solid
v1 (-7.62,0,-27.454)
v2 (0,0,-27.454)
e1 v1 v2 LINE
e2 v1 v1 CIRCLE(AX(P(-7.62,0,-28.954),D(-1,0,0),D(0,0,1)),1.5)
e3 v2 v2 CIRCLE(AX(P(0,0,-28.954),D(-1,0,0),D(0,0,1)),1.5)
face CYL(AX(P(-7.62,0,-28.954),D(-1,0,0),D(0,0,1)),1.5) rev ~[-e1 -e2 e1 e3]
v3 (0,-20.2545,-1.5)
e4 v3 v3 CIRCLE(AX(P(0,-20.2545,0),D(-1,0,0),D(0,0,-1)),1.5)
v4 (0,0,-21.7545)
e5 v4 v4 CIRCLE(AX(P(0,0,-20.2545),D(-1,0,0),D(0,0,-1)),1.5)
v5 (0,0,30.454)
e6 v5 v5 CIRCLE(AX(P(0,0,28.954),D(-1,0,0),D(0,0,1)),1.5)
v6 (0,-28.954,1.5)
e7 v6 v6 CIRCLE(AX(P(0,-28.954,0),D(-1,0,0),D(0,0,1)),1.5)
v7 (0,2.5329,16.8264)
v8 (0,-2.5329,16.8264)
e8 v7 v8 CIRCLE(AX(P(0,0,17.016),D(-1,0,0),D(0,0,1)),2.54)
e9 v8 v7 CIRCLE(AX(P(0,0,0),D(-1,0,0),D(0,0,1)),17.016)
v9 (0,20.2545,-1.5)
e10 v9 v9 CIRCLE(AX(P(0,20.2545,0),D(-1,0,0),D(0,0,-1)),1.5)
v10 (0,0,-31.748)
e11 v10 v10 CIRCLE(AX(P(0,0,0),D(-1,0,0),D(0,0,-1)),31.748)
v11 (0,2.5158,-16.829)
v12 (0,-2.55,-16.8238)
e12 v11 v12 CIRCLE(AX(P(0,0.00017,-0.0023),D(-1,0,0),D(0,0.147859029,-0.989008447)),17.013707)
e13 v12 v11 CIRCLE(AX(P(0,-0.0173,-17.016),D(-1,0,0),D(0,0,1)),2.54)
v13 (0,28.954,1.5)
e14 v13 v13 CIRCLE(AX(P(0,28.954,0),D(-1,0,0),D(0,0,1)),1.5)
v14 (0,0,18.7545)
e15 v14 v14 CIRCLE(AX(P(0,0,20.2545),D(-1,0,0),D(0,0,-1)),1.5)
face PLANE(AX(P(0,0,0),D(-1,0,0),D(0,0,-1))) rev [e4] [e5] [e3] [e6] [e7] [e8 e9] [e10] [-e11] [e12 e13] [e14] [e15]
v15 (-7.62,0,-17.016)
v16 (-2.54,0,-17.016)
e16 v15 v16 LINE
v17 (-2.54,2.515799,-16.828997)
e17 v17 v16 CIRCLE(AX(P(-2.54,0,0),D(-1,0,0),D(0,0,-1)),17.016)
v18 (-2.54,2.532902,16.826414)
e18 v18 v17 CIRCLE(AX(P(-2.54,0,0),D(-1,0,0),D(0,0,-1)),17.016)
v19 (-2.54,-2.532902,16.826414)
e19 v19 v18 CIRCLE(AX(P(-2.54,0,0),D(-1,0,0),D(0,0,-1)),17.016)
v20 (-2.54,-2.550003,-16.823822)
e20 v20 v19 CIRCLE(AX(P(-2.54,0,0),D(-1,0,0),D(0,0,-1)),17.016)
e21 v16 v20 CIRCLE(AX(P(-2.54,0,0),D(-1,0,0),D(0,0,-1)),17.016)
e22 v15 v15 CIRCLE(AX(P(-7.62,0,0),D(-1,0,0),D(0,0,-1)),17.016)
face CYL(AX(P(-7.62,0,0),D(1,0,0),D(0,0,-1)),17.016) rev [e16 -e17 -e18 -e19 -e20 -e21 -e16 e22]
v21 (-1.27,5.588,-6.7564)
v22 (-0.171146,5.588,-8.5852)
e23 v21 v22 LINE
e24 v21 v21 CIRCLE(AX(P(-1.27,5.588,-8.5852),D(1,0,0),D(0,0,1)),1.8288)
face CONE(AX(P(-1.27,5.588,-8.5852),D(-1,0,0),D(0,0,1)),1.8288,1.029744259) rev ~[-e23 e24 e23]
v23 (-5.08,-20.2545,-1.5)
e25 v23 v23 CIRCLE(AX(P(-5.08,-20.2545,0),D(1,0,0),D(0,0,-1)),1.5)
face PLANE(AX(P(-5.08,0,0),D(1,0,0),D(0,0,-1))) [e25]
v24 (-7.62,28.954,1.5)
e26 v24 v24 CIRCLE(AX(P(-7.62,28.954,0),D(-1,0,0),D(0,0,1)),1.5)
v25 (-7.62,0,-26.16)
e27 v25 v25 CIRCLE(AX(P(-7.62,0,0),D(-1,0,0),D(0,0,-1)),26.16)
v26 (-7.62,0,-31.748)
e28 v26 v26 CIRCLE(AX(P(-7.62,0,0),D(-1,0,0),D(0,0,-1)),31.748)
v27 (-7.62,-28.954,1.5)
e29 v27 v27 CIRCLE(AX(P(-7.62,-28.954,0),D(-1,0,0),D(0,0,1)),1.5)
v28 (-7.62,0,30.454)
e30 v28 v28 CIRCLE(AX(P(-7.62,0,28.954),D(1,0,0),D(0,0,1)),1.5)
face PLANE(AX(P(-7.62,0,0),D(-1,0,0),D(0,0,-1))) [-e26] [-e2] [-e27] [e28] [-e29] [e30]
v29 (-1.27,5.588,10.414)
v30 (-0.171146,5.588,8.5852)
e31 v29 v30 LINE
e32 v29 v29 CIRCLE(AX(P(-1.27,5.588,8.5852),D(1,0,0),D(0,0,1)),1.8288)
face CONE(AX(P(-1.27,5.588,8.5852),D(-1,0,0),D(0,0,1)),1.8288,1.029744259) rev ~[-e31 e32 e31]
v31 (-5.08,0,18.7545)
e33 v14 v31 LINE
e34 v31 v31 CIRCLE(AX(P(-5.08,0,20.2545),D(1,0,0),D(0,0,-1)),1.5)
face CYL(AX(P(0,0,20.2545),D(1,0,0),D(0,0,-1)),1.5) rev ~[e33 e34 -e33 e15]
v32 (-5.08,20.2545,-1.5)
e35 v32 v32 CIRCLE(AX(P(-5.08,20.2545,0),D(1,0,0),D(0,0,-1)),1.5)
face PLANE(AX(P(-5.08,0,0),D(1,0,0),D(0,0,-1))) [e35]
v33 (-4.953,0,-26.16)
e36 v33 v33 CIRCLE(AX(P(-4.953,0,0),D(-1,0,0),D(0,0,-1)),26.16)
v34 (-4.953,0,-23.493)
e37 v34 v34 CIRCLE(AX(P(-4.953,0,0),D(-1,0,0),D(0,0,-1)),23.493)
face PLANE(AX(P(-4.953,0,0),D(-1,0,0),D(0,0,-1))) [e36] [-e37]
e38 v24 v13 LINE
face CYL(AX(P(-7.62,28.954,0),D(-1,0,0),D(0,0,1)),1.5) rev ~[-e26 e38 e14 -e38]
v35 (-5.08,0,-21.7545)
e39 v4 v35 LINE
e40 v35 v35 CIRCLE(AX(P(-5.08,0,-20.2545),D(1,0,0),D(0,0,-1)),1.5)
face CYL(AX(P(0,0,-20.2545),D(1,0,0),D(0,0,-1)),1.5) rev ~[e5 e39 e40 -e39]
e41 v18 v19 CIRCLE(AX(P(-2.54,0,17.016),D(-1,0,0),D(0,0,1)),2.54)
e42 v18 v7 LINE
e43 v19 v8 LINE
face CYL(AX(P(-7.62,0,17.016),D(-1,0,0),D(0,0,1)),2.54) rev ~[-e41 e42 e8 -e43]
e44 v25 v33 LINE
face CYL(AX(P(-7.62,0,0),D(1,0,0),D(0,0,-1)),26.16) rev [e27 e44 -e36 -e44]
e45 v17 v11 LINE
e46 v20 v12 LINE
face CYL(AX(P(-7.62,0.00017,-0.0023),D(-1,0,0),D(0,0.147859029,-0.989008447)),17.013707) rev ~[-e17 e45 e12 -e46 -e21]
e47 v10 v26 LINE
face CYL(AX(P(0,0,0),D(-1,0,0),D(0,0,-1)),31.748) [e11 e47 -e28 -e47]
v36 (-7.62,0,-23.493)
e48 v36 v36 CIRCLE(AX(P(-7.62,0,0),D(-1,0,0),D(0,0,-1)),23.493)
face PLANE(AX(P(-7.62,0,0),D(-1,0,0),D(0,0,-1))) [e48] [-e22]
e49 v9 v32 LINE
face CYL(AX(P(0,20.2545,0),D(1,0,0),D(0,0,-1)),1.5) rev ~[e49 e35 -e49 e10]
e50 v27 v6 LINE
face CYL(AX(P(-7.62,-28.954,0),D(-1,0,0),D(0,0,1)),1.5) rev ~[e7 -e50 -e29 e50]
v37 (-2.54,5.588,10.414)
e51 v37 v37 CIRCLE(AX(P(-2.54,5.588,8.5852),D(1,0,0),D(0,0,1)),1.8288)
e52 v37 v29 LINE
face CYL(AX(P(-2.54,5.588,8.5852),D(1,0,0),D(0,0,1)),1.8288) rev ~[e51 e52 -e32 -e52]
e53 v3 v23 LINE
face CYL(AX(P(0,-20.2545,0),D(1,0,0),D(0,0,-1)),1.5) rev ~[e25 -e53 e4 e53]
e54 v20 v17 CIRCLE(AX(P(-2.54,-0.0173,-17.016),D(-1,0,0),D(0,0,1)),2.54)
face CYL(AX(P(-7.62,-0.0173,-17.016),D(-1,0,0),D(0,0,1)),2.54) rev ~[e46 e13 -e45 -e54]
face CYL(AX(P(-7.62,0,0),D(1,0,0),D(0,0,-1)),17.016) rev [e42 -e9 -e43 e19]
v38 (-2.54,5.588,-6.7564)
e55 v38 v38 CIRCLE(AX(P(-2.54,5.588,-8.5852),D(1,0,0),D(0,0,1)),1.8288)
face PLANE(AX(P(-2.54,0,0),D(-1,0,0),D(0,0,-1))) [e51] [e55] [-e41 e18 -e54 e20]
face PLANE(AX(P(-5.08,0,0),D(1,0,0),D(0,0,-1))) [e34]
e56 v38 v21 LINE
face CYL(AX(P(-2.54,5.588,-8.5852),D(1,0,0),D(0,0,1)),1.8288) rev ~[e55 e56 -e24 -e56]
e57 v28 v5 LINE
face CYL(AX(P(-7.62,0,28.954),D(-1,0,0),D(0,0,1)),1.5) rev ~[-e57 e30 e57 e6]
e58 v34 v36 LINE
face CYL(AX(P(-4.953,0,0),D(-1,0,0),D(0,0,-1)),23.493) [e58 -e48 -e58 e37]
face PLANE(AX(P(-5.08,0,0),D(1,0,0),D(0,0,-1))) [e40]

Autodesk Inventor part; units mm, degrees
ref_plane "YZ Plane" through (0, 0, 0) normal (1, 0, 0) x (0, 1, 0)
ref_plane "XZ Plane" through (0, 0, 0) normal (0, 1, 0) x (-1, 0, 0)
ref_plane "XY Plane" through (0, 0, 0) normal (0, 0, 1) x (1, 0, 0)
sketch "Sketch1" plane through (0, 0, 0) normal (0, 1, 0) x (-1, 0, 0)
  line L0 (0, 0) -> (0, -31.748)
  line L1 (0, -31.748) -> (7.62, -31.748)
  line L2 (7.62, -31.748) -> (7.62, -26.16)
  line L3 (7.62, -26.16) -> (4.953, -26.16)
  line L4 (4.953, -26.16) -> (4.953, -23.493)
  line L5 (4.953, -23.493) -> (7.62, -23.493)
  line L6 (7.62, -23.493) -> (7.62, -17.016)
  line L7 (7.62, -17.016) -> (2.54, -17.016)
  line L8 (2.54, -17.016) -> (2.54, 0)
  line L9 (0, 0) -> (2.54, 0)
  dimension "d0" = 31.748
  dimension "d1" = 7.62
  dimension "d2" = 5.588
  dimension "d3" = 2.667
  dimension "d4" = 2.667
  dimension "d5" = 6.477
  dimension "d6" = 5.08
  dimension "d7" = 2.54
revolve "Revolution1" add sketch "Sketch1" angle 360 about axis through (0, 0, 0) along (-1, 0, 0)
sketch "Sketch2" plane through (-7.62, 0, 0) normal (-1, 0, 0) x (0, 0, 1)
  circle A0 centre (28.954, 0) radius 1.5
  circle A1 centre (0, 0) radius 31.748 projected
  line L0 (31.748, 0) -> (26.16, 0)
  circle A2 centre (0, 0) radius 26.16 projected
  circle A3 centre (0, 28.954) radius 1.5
  circle A4 centre (-28.954, 0) radius 1.5
  circle A5 centre (0, -28.954) radius 1.5
  dimension "d9" = 3
  dimension "d12" = 360
extrude "Extrusion1" cut sketch "Sketch2" against normal blind 12.7 contours L0 A0 | A0 L0 | A3 | A4 | A5
sketch "Sketch3" plane through (0, 0, 0) normal (1, 0, 0) x (0, 0, -1)
  circle A0 centre (0, 0) radius 23.493 projected
  circle A1 centre (0, 0) radius 20.2545
  circle A2 centre (20.2545, 0) radius 1.5
  circle A3 centre (0, 20.2545) radius 1.5
  circle A4 centre (-20.2545, 0) radius 1.5
  circle A5 centre (0, -20.2545) radius 1.5
  dimension "d17" = 3.2385
  dimension "d18" = 3
  dimension "d21" = 360
sketch "Sketch4" plane through (-7.62, 0, 0) normal (-1, 0, 0) x (0, 0, 1)
  circle A0 centre (0, 0) radius 17.016 projected
  circle A1 centre (0, 0) radius 23.493 projected
  dimension "d16" = 6.477
extrude "Extrusion2" cut sketch "Sketch3" against normal blind 5.08 contours A1 A2 | A1 A2 | A3 A1 | A1 A3 | A5 A1 | A1 A5 | A4 A1 | A1 A4
sketch "Sketch5" plane through (-2.54, 0, 0) normal (-1, 0, 0) x (0, 0, 1)
  circle A0 centre (0, 0) radius 17.016 projected
  line L0 (-17.016, 0) -> (17.016, 0)
  line L1 (-14.478, -9.9949) -> (14.478, -9.9949)
  line L2 (-14.478, 9.9949) -> (14.478, 9.9949)
  line L3 (14.478, 9.9949) -> (14.478, -9.9949)
  line L4 (-14.478, 9.9949) -> (-14.478, -9.9949)
  arc A1 (16.8267, -2.5309) -> (16.8267, 2.5309) centre (0, 0) ccw
  point P0 (0, 9.9949)
  point P1 (14.478, 0)
  dimension "d25" = 28.956
  dimension "d26" = 19.9898
sketch "Sketch6" plane through (-7.62, 0, 0) normal (-1, 0, 0) x (0, 0, 1)
  circle A0 centre (0, 0) radius 17.016 projected
  circle A1 centre (17.016, 0) radius 2.54
  arc A2 (16.8264, -2.5329) -> (16.8264, 2.5329) centre (0, 0) ccw
  circle A3 centre (-17.016, -0.0173) radius 2.54
  arc A4 (-16.829, 2.5158) -> (-16.8238, -2.55) centre (0, 0) ccw
  dimension "d27" = 5.08
  dimension "d28" = 5.08
extrude "Extrusion3" cut sketch "Sketch6" against normal blind 12.7 contours A0 A1 | A3 A0 picked at (16.1885, -0.4913) picked at (-16.1553, -0.0173)
sketch "Sketch7" plane through (-2.54, 0, 17.016) normal (-1, 0, 0) x (0, 0, 1)
  arc A0 (-33.8398, -2.55) -> (-33.8449, 2.5158) centre (-34.0319, -0.0173) ccw projected
  line L0 (-31.4919, -0.0173) -> (-2.4894, -0.0173) construction
  line L1 (-25.6012, 5.588) -> (-8.4308, 5.588)
  point P0 (-17.016, 0)
  point P1 (-17.016, 5.588)
  dimension "d34" = 5.588
hole "Hole1" at (-2.54, 5.588, -8.5852) at (-2.54, 5.588, 8.5852) direction (1, 0, 0) diameter 3.6576 depth 1.27 tip angle 118
equation "\"d28\" = d27"
properties part number "LED holder 2"
